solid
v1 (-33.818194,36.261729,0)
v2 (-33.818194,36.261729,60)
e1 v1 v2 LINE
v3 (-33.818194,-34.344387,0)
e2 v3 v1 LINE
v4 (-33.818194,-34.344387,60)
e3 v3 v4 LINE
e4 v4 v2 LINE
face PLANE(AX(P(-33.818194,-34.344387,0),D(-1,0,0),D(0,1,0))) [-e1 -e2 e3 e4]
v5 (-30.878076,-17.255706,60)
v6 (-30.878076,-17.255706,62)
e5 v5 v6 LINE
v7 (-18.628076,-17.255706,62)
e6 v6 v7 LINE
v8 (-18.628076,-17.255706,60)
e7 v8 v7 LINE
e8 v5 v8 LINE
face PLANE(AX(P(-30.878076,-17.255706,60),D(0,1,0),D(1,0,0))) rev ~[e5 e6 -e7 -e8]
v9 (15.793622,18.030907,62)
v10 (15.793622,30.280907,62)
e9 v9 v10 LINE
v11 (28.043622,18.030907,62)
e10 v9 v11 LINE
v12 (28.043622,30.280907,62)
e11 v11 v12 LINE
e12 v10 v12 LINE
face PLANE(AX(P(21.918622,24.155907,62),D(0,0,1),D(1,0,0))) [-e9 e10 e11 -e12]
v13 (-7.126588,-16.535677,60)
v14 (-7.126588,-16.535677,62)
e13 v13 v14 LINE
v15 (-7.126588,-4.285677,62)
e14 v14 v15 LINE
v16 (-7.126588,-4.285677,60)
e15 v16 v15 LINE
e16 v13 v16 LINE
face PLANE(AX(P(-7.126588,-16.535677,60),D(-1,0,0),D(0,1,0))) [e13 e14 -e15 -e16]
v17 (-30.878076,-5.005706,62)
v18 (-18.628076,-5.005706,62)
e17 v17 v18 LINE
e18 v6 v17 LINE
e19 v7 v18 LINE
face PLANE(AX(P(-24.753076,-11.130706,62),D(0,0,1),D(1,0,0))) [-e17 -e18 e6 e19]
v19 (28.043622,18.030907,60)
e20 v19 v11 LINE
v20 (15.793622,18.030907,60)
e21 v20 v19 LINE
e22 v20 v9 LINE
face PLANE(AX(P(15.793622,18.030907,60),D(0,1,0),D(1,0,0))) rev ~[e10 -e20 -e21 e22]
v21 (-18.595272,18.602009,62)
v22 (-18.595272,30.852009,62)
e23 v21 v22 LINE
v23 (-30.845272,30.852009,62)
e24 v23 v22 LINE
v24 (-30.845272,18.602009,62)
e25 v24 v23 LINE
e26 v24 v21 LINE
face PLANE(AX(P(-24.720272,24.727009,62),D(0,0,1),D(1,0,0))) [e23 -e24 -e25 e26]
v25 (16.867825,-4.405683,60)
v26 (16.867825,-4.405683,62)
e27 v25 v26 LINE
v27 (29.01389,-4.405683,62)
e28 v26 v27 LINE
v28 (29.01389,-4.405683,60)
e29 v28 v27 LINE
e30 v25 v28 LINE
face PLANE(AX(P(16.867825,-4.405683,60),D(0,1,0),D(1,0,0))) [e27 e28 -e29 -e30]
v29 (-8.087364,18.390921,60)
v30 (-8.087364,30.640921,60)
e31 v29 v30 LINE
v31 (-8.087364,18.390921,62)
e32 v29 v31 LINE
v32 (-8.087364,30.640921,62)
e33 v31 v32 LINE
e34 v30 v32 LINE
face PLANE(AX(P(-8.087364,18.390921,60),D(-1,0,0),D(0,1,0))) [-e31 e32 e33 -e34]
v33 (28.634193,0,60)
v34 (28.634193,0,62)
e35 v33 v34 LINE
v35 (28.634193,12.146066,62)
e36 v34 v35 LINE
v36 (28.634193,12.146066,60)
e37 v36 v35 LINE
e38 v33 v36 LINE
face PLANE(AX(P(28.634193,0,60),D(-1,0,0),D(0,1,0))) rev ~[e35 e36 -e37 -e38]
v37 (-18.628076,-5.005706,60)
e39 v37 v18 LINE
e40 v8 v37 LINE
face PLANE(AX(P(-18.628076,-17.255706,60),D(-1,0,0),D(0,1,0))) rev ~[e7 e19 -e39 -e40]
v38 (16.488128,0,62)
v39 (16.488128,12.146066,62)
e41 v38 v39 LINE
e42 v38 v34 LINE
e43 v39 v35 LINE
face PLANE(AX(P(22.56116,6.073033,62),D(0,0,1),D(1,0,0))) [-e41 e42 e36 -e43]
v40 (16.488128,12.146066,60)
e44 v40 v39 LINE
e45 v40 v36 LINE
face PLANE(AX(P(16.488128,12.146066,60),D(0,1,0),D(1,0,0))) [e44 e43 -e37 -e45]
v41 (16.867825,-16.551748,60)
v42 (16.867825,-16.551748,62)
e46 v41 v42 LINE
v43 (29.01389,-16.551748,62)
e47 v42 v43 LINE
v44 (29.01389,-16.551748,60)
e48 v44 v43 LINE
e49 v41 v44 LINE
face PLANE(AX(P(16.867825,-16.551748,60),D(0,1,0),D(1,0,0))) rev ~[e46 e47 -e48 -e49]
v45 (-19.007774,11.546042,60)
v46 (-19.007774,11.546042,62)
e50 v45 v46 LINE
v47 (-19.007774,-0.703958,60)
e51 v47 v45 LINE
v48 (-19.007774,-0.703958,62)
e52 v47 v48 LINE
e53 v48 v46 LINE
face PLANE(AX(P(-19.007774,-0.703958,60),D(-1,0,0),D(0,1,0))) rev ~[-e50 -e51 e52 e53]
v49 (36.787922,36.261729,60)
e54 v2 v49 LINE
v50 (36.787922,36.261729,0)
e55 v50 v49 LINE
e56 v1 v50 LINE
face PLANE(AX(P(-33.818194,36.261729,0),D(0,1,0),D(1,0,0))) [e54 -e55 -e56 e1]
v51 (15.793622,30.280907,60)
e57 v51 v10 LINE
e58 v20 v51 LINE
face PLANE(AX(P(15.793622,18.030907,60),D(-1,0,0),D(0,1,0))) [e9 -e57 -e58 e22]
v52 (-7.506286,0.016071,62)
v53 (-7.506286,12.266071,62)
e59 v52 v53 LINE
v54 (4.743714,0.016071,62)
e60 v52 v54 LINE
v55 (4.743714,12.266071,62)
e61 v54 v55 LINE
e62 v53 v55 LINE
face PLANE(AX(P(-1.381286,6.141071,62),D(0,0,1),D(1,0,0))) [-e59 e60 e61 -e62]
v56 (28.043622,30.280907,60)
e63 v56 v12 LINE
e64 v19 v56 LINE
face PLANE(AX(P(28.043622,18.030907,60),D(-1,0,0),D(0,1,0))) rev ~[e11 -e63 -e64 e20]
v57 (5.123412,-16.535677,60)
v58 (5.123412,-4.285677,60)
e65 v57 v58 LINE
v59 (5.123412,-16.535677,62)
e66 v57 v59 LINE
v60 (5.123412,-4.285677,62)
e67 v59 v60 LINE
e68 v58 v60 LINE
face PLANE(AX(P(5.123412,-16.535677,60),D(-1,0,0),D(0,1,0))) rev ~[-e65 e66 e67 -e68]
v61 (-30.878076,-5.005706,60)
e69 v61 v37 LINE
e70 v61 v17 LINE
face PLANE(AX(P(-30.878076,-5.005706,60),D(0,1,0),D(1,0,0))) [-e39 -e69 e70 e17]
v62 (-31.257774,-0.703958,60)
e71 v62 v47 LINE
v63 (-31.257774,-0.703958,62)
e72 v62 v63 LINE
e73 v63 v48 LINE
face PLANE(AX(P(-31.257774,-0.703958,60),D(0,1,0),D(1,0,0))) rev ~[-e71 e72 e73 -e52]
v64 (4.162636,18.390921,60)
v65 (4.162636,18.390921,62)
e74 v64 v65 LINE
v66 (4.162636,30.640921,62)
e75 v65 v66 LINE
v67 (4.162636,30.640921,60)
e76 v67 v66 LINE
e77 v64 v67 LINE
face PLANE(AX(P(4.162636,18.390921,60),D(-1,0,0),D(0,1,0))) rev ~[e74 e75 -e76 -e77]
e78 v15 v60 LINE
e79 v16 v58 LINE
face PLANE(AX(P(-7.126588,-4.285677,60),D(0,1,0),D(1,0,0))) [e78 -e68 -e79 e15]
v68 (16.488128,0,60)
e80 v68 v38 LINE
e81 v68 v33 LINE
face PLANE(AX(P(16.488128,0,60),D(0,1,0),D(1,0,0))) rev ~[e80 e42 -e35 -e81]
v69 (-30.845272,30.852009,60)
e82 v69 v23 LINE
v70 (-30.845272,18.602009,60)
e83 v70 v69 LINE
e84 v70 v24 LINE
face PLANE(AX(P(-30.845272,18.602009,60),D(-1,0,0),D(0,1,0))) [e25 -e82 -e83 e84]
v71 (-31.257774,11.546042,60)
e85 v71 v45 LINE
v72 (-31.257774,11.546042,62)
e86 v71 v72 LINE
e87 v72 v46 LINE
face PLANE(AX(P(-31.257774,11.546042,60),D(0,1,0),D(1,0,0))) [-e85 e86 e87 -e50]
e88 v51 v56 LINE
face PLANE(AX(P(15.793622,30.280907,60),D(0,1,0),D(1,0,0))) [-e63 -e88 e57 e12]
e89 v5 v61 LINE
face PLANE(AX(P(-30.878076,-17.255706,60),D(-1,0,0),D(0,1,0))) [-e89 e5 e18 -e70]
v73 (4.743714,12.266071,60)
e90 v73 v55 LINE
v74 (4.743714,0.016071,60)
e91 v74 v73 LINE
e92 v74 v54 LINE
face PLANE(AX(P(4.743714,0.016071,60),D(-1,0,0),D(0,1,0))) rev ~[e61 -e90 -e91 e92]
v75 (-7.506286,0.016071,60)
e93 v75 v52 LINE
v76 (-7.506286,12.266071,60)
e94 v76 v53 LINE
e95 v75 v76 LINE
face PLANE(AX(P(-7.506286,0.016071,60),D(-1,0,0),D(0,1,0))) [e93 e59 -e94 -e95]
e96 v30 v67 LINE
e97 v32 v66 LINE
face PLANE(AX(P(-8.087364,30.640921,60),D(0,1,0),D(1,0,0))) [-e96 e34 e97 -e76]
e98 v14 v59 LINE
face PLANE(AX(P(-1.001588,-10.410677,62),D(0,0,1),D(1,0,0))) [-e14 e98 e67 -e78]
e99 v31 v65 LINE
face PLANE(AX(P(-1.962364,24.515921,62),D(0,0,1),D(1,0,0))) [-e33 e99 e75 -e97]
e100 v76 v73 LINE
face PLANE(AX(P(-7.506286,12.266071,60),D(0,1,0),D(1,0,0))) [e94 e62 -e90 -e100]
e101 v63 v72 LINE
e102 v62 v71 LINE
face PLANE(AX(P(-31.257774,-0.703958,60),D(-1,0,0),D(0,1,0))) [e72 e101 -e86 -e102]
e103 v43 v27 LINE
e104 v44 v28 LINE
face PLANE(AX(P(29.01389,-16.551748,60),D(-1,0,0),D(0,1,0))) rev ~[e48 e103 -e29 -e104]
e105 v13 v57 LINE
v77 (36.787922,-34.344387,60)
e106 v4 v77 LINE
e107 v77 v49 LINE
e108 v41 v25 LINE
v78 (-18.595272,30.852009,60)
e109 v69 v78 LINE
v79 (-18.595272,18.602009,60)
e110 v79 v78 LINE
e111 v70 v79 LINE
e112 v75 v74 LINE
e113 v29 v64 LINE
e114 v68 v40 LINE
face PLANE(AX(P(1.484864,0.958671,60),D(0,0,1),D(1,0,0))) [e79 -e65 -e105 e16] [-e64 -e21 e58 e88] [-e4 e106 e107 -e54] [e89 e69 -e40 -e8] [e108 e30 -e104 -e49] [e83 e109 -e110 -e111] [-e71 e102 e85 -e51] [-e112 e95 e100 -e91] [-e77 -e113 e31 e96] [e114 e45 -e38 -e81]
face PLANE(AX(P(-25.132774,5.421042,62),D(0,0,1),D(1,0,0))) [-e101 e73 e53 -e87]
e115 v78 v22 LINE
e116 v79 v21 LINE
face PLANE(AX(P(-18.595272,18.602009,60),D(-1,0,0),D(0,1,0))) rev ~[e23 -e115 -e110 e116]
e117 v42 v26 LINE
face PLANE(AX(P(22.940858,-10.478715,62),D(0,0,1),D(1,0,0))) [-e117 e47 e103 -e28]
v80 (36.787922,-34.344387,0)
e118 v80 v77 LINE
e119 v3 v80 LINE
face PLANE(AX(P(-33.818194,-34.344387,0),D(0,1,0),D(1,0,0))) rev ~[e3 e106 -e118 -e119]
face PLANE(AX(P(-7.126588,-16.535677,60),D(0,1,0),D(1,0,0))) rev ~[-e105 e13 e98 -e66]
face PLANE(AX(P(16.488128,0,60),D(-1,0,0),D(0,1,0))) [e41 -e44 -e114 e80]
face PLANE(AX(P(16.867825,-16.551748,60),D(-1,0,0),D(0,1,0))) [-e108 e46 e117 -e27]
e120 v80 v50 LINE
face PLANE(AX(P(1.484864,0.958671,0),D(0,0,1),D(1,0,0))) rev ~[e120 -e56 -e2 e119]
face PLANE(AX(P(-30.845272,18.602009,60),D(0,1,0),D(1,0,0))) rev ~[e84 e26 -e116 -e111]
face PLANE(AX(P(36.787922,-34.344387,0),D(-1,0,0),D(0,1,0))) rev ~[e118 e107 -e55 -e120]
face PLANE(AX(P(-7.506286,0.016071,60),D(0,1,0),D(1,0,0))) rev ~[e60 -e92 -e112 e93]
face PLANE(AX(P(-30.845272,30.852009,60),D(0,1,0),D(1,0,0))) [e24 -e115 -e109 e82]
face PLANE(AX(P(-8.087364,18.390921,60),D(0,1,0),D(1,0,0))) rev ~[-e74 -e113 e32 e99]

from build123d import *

# Parameters (mm, degrees)
SKETCH_W      = 70.606116
SKETCH_H      = 70.606116
PAD_DEPTH     = 60
SKETCH002_W   = 12.25
SKETCH002_H   = 12.25
SKETCH002_W_2 = 12.146065
SKETCH002_H_2 = 12.146065
PAD001_DEPTH  = 2


with BuildPart() as part:
    # Sketch → Pad (new body)
    with BuildSketch(Plane.XY):
        with Locations((1.484864, 0.958671)):
            Rectangle(SKETCH_W, SKETCH_H)
    extrude(amount=PAD_DEPTH)

    # Sketch002 (on Face6 of Pad) → Pad001 (join)
    with BuildSketch(Plane.XY.offset(60)):
        with Locations((-24.720272, 24.727009)):
            Rectangle(SKETCH002_W, SKETCH002_H)
        with Locations((-1.962364, 24.515921)):
            Rectangle(SKETCH002_W, SKETCH002_H)
        with Locations((21.918622, 24.155907)):
            Rectangle(SKETCH002_W, SKETCH002_H)
        with Locations((-25.132774, 5.421042)):
            Rectangle(SKETCH002_W, SKETCH002_H)
        with Locations((-1.381286, 6.141071)):
            Rectangle(SKETCH002_W, SKETCH002_H)
        with Locations((22.56116, 6.073033)):
            Rectangle(SKETCH002_W_2, SKETCH002_H_2)
        with Locations((-24.753076, -11.130706)):
            Rectangle(SKETCH002_W, SKETCH002_H)
        with Locations((-1.001588, -10.410677)):
            Rectangle(SKETCH002_W, SKETCH002_H)
        with Locations((22.940858, -10.478715)):
            Rectangle(SKETCH002_W_2, SKETCH002_H_2)
    extrude(amount=PAD001_DEPTH)


solid = part.part
